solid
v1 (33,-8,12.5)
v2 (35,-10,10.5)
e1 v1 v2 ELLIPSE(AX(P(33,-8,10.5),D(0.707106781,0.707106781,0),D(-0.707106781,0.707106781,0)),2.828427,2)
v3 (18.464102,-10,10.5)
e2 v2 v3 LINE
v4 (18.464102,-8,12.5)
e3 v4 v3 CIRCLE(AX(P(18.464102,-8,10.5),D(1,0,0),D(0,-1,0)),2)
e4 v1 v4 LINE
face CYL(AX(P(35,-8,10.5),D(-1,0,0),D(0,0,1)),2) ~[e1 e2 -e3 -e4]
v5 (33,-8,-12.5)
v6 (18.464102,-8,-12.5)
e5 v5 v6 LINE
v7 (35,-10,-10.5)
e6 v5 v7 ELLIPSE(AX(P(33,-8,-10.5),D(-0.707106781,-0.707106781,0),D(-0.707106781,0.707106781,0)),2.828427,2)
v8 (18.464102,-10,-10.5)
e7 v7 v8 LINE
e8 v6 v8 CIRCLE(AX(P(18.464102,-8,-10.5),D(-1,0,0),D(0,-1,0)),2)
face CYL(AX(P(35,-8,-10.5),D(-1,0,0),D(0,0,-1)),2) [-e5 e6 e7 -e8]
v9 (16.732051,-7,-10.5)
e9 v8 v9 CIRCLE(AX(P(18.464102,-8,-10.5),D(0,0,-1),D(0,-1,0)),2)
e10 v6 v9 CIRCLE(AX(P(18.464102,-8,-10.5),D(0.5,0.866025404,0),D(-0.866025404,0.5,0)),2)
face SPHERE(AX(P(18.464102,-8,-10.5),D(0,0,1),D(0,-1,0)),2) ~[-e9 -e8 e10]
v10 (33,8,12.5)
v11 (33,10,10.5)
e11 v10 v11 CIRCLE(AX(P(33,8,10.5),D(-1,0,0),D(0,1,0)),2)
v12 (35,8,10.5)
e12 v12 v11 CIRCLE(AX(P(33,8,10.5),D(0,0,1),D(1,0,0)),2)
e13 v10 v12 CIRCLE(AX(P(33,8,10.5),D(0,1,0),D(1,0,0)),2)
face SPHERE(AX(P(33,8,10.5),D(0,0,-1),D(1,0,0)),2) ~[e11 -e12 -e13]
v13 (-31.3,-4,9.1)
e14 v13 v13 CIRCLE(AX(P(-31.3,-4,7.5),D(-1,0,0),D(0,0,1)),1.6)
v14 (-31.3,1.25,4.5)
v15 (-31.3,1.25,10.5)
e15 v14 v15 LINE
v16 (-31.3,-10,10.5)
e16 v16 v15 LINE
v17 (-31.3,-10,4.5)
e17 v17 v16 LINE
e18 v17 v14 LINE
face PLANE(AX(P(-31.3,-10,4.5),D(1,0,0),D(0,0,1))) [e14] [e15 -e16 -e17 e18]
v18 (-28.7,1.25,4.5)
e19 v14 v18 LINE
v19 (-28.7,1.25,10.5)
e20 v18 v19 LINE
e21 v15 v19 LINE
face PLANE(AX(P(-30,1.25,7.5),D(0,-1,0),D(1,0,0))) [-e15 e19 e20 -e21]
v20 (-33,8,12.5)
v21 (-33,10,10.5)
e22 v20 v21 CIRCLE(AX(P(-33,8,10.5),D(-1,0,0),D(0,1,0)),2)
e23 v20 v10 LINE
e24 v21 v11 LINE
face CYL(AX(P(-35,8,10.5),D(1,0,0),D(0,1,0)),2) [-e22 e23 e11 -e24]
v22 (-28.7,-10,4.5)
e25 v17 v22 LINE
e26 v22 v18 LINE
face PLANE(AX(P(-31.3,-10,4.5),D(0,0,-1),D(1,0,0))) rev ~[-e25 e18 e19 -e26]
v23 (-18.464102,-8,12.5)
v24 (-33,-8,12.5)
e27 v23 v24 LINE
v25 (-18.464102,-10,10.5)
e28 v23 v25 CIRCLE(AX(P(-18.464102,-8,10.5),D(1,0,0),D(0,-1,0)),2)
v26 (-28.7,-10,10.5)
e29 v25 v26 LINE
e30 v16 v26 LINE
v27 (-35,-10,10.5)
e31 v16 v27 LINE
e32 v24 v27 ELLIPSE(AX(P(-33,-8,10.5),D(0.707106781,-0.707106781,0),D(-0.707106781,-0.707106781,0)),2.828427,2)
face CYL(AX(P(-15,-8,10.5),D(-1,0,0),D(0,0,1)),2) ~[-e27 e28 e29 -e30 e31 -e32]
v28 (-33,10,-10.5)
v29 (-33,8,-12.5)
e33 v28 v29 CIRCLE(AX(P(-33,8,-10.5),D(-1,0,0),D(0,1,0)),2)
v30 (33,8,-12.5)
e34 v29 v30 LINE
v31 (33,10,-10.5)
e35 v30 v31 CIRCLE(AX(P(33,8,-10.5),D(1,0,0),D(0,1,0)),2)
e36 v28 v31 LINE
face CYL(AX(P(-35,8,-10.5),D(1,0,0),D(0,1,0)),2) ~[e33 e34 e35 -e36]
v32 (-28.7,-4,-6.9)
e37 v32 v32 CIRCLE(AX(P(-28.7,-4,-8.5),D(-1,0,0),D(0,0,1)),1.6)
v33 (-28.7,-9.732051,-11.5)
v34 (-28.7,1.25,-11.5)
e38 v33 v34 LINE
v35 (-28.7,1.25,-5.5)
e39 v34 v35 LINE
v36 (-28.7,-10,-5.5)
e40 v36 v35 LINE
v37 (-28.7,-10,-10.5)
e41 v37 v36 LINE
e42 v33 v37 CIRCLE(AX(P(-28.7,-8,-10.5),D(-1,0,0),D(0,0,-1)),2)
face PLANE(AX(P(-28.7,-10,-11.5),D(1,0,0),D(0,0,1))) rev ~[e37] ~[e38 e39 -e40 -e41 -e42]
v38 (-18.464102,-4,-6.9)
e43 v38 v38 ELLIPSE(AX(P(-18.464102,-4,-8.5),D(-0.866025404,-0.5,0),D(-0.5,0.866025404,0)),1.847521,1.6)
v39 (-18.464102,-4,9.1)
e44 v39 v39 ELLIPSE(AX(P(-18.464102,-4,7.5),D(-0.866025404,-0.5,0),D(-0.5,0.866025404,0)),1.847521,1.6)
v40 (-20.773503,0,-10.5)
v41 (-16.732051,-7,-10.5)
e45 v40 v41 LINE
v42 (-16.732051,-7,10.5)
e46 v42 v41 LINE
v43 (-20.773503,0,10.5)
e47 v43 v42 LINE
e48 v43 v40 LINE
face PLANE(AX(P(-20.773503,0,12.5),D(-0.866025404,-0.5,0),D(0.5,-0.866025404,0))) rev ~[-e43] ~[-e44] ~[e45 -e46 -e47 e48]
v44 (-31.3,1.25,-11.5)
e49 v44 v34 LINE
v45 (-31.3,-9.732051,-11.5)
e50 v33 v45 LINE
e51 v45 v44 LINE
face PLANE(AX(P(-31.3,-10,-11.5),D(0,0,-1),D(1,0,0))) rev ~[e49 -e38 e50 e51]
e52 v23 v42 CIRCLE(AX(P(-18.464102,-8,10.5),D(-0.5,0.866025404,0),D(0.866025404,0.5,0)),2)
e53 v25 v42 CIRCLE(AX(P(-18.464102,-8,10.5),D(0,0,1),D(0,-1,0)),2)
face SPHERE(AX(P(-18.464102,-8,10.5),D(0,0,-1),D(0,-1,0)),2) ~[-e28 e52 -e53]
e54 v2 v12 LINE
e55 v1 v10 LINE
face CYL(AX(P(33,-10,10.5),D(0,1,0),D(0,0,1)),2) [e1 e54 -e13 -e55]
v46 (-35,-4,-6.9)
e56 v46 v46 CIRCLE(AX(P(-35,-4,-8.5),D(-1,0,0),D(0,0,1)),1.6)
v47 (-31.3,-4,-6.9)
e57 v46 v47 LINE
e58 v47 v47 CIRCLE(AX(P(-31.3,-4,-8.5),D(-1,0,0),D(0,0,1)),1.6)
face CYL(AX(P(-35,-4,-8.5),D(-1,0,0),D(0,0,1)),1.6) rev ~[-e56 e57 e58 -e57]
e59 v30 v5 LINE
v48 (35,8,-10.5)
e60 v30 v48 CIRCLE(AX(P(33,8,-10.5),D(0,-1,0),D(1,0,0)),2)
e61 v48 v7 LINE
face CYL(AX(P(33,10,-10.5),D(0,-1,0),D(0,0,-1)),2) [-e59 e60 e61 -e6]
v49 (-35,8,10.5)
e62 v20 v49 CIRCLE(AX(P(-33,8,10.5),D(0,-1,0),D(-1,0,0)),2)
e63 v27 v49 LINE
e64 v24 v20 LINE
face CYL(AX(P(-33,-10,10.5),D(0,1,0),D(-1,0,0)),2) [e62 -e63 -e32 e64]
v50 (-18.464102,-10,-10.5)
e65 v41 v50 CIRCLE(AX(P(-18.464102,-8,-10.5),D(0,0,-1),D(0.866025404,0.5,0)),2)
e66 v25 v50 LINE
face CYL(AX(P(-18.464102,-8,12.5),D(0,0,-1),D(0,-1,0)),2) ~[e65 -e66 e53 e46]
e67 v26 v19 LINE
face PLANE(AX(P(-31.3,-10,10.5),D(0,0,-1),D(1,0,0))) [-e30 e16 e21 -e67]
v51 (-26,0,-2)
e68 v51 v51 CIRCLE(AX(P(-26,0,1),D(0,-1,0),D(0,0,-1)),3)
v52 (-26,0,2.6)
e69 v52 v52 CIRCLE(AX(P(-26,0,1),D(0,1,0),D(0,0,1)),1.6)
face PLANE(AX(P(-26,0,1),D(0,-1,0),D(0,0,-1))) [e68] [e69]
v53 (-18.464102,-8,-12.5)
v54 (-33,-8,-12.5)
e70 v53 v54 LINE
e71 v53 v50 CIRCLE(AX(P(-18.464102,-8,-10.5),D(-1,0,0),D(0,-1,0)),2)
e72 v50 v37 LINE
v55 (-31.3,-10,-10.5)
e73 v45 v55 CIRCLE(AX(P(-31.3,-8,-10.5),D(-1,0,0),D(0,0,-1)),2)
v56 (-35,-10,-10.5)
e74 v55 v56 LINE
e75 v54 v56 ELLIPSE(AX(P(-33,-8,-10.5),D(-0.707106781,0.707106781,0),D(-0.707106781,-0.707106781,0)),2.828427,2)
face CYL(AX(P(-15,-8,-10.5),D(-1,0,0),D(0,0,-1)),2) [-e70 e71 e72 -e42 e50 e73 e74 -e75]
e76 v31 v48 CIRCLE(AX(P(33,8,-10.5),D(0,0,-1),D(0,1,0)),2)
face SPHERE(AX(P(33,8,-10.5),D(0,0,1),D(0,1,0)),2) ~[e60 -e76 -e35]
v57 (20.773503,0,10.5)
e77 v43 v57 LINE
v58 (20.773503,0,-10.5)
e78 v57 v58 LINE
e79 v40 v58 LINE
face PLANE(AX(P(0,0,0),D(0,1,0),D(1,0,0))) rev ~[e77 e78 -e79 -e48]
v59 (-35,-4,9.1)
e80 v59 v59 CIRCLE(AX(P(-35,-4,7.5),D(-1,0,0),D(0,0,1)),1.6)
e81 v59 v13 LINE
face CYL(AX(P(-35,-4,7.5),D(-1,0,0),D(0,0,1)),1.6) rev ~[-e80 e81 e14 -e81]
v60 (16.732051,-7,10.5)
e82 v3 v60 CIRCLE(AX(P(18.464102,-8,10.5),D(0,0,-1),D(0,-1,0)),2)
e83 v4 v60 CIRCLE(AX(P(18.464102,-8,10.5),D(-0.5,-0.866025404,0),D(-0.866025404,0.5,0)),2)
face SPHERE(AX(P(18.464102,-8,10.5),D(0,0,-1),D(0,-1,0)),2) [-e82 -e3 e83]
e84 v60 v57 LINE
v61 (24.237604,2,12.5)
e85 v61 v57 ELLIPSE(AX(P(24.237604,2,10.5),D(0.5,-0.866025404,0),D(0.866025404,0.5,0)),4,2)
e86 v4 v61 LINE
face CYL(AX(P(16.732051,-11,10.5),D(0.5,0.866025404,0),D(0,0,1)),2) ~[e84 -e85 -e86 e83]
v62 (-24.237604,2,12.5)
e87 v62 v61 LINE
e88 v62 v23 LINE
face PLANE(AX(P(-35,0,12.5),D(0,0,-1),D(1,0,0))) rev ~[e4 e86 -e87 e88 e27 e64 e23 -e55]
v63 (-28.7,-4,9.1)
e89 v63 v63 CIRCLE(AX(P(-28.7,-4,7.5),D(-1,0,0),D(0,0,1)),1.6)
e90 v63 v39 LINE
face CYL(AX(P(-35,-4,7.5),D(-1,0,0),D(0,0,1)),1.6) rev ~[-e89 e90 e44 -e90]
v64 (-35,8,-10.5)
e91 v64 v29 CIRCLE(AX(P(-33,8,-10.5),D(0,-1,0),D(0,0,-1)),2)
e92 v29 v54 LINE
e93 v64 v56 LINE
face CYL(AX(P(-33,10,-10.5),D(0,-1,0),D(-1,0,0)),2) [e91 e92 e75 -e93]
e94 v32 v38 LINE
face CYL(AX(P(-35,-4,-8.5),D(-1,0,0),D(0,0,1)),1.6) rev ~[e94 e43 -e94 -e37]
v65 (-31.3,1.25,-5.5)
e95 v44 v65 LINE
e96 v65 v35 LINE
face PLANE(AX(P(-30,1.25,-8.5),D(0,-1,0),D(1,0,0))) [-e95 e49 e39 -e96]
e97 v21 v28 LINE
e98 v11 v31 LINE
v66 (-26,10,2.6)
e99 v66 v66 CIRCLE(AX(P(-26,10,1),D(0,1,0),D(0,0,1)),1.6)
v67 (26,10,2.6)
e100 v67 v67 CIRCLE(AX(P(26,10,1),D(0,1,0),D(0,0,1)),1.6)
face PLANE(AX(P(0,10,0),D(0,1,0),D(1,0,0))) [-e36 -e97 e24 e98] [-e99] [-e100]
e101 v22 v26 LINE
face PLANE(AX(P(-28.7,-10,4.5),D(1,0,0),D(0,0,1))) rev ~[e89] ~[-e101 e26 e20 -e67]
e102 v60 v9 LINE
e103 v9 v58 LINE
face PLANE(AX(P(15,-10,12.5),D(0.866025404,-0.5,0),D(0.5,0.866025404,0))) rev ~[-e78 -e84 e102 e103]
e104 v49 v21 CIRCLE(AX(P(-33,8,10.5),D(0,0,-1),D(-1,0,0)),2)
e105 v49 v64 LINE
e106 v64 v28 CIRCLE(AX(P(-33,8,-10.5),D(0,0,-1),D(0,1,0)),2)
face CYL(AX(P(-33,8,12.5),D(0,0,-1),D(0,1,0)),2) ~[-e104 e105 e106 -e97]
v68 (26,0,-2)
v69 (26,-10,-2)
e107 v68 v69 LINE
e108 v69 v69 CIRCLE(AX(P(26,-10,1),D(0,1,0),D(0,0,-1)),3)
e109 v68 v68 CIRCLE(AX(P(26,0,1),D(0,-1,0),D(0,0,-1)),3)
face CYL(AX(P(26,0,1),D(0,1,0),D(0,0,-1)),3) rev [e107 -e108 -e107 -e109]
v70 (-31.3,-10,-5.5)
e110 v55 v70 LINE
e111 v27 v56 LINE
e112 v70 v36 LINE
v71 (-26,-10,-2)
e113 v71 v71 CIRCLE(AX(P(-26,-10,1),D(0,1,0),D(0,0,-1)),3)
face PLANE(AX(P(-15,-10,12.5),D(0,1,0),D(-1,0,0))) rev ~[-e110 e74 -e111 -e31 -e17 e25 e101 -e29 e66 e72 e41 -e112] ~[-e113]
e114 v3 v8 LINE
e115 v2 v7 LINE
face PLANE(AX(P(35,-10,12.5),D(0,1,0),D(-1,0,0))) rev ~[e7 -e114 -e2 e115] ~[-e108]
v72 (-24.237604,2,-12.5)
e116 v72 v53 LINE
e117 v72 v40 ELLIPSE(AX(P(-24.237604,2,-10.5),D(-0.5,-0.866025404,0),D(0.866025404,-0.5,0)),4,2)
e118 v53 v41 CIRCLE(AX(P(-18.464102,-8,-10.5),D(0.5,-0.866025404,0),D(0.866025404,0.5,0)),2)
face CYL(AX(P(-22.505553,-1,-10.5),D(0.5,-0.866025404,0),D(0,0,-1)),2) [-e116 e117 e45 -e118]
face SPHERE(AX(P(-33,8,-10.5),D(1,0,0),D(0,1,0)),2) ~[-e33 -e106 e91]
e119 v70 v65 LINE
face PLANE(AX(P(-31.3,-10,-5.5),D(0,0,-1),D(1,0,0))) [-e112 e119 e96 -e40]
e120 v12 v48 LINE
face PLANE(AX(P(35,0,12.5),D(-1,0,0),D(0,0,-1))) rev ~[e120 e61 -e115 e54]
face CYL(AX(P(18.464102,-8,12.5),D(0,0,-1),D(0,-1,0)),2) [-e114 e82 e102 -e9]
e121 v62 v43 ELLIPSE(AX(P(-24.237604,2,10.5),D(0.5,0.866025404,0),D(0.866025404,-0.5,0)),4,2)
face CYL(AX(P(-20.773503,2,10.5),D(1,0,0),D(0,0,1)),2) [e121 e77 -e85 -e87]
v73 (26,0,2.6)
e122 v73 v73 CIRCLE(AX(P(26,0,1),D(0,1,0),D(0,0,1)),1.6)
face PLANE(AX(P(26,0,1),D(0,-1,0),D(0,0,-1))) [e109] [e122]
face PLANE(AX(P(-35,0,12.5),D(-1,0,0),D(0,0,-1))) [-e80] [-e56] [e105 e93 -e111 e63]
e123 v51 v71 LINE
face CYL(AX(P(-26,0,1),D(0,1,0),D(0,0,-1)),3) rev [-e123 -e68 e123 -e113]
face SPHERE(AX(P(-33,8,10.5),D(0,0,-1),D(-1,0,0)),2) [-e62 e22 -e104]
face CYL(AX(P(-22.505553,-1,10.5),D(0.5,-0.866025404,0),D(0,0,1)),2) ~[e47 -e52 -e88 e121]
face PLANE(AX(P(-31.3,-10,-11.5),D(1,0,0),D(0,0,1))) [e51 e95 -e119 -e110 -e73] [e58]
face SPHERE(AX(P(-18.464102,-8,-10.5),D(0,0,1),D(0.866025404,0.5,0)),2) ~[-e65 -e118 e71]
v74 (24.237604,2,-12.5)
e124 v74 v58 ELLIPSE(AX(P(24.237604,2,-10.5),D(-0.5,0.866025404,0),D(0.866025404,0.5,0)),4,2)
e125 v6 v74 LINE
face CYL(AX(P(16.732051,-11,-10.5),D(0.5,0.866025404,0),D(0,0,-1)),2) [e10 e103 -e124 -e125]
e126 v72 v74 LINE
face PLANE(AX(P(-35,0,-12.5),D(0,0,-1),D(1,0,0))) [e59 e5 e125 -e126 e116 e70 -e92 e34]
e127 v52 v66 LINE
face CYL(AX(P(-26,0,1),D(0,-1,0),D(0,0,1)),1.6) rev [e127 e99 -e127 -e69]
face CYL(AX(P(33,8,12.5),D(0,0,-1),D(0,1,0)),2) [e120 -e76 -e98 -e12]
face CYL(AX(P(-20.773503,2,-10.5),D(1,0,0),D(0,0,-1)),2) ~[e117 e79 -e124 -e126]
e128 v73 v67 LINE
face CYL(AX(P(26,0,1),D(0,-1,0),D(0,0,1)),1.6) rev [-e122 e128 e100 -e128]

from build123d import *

# Parameters (mm, degrees)
SKETCH1_W           = 70
SKETCH1_H           = 25
SKETCH1_R           = 1.6
BOSS_EXTRUDE1_DEPTH = 10
BOSS_EXTRUDE2_DEPTH = 25
SKETCH3_R           = 3
CUT_EXTRUDE1_DEPTH  = 39.487010796
FILLET1_R           = 2
SKETCH6_R           = 1.6
CUT_EXTRUDE3_DEPTH  = 27
SKETCH7_W           = 2.6
SKETCH7_H           = 6
CUT_EXTRUDE4_DEPTH  = 11.25


with BuildPart() as part:
    # Sketch1 → Boss-Extrude1 (new body)
    with BuildSketch(Plane(origin=(0, 0, 0), x_dir=(1, 0, 0), z_dir=(0, 1, 0))):
        Rectangle(SKETCH1_W, SKETCH1_H)
        with Locations(Location((-26, -1, 0), (0, 0, 270))):
            Circle(SKETCH1_R, mode=Mode.SUBTRACT)
        with Locations(Location((26, -1, 0), (0, 0, 270))):
            Circle(SKETCH1_R, mode=Mode.SUBTRACT)
    extrude(amount=BOSS_EXTRUDE1_DEPTH)

    # Sketch2 → Boss-Extrude2 (add)
    with BuildSketch(Plane.XY.offset(12.5)):
        Polygon((-35, 0), (-20.773502692, 0), (-15, -10), (-35, -10), align=None)
        Polygon((35, 0), (35, -10), (15, -10), (20.773502692, 0), align=None)
    extrude(amount=-BOSS_EXTRUDE2_DEPTH)

    # Sketch3 → Cut-Extrude1 (cut, through all)
    with BuildSketch(Plane.XZ):
        with Locations(Location((-26, 1, 0), (0, 0, 270))):
            Circle(SKETCH3_R)
        with Locations(Location((26, 1, 0), (0, 0, 270))):
            Circle(SKETCH3_R)
    extrude(amount=CUT_EXTRUDE1_DEPTH, mode=Mode.SUBTRACT)

    # Fillet1
    fillet1_edges = [part.edges().sort_by_distance(p)[0] for p in [
        (35, 10, 0),
        (0, 10, -12.5),
        (0, 0, -12.5),
        (0, 0, 12.5),
        (-17.886751346, -5, -12.5),
        (-25, -10, -12.5),
        (-15, -10, 0),
        (-25, -10, 12.5),
        (-17.886751346, -5, 12.5),
        (25, -10, -12.5),
        (17.886751346, -5, -12.5),
        (15, -10, 0),
        (25, -10, 12.5),
        (17.886751346, -5, 12.5),
        (-35, 10, 0),
        (-35, 0, -12.5),
        (35, 0, -12.5),
        (35, 0, 12.5),
        (-35, 0, 12.5),
        (0, 10, 12.5),
    ]]
    fillet(fillet1_edges, radius=FILLET1_R)

    # Sketch6 → Cut-Extrude3 (cut)
    with BuildSketch(Plane.ZY.offset(35)):
        with Locations((-8.5, -4)):
            Circle(SKETCH6_R)
        with Locations((7.5, -4)):
            Circle(SKETCH6_R)
    extrude(amount=-CUT_EXTRUDE3_DEPTH, mode=Mode.SUBTRACT)

    # Sketch7 → Cut-Extrude4 (cut)
    with BuildSketch(Plane.XZ.offset(10)):
        with Locations((-30, -8.5)):
            Rectangle(SKETCH7_W, SKETCH7_H)
        with Locations((-30, 7.5)):
            Rectangle(SKETCH7_W, SKETCH7_H)
    extrude(amount=-CUT_EXTRUDE4_DEPTH, mode=Mode.SUBTRACT)


solid = part.part
